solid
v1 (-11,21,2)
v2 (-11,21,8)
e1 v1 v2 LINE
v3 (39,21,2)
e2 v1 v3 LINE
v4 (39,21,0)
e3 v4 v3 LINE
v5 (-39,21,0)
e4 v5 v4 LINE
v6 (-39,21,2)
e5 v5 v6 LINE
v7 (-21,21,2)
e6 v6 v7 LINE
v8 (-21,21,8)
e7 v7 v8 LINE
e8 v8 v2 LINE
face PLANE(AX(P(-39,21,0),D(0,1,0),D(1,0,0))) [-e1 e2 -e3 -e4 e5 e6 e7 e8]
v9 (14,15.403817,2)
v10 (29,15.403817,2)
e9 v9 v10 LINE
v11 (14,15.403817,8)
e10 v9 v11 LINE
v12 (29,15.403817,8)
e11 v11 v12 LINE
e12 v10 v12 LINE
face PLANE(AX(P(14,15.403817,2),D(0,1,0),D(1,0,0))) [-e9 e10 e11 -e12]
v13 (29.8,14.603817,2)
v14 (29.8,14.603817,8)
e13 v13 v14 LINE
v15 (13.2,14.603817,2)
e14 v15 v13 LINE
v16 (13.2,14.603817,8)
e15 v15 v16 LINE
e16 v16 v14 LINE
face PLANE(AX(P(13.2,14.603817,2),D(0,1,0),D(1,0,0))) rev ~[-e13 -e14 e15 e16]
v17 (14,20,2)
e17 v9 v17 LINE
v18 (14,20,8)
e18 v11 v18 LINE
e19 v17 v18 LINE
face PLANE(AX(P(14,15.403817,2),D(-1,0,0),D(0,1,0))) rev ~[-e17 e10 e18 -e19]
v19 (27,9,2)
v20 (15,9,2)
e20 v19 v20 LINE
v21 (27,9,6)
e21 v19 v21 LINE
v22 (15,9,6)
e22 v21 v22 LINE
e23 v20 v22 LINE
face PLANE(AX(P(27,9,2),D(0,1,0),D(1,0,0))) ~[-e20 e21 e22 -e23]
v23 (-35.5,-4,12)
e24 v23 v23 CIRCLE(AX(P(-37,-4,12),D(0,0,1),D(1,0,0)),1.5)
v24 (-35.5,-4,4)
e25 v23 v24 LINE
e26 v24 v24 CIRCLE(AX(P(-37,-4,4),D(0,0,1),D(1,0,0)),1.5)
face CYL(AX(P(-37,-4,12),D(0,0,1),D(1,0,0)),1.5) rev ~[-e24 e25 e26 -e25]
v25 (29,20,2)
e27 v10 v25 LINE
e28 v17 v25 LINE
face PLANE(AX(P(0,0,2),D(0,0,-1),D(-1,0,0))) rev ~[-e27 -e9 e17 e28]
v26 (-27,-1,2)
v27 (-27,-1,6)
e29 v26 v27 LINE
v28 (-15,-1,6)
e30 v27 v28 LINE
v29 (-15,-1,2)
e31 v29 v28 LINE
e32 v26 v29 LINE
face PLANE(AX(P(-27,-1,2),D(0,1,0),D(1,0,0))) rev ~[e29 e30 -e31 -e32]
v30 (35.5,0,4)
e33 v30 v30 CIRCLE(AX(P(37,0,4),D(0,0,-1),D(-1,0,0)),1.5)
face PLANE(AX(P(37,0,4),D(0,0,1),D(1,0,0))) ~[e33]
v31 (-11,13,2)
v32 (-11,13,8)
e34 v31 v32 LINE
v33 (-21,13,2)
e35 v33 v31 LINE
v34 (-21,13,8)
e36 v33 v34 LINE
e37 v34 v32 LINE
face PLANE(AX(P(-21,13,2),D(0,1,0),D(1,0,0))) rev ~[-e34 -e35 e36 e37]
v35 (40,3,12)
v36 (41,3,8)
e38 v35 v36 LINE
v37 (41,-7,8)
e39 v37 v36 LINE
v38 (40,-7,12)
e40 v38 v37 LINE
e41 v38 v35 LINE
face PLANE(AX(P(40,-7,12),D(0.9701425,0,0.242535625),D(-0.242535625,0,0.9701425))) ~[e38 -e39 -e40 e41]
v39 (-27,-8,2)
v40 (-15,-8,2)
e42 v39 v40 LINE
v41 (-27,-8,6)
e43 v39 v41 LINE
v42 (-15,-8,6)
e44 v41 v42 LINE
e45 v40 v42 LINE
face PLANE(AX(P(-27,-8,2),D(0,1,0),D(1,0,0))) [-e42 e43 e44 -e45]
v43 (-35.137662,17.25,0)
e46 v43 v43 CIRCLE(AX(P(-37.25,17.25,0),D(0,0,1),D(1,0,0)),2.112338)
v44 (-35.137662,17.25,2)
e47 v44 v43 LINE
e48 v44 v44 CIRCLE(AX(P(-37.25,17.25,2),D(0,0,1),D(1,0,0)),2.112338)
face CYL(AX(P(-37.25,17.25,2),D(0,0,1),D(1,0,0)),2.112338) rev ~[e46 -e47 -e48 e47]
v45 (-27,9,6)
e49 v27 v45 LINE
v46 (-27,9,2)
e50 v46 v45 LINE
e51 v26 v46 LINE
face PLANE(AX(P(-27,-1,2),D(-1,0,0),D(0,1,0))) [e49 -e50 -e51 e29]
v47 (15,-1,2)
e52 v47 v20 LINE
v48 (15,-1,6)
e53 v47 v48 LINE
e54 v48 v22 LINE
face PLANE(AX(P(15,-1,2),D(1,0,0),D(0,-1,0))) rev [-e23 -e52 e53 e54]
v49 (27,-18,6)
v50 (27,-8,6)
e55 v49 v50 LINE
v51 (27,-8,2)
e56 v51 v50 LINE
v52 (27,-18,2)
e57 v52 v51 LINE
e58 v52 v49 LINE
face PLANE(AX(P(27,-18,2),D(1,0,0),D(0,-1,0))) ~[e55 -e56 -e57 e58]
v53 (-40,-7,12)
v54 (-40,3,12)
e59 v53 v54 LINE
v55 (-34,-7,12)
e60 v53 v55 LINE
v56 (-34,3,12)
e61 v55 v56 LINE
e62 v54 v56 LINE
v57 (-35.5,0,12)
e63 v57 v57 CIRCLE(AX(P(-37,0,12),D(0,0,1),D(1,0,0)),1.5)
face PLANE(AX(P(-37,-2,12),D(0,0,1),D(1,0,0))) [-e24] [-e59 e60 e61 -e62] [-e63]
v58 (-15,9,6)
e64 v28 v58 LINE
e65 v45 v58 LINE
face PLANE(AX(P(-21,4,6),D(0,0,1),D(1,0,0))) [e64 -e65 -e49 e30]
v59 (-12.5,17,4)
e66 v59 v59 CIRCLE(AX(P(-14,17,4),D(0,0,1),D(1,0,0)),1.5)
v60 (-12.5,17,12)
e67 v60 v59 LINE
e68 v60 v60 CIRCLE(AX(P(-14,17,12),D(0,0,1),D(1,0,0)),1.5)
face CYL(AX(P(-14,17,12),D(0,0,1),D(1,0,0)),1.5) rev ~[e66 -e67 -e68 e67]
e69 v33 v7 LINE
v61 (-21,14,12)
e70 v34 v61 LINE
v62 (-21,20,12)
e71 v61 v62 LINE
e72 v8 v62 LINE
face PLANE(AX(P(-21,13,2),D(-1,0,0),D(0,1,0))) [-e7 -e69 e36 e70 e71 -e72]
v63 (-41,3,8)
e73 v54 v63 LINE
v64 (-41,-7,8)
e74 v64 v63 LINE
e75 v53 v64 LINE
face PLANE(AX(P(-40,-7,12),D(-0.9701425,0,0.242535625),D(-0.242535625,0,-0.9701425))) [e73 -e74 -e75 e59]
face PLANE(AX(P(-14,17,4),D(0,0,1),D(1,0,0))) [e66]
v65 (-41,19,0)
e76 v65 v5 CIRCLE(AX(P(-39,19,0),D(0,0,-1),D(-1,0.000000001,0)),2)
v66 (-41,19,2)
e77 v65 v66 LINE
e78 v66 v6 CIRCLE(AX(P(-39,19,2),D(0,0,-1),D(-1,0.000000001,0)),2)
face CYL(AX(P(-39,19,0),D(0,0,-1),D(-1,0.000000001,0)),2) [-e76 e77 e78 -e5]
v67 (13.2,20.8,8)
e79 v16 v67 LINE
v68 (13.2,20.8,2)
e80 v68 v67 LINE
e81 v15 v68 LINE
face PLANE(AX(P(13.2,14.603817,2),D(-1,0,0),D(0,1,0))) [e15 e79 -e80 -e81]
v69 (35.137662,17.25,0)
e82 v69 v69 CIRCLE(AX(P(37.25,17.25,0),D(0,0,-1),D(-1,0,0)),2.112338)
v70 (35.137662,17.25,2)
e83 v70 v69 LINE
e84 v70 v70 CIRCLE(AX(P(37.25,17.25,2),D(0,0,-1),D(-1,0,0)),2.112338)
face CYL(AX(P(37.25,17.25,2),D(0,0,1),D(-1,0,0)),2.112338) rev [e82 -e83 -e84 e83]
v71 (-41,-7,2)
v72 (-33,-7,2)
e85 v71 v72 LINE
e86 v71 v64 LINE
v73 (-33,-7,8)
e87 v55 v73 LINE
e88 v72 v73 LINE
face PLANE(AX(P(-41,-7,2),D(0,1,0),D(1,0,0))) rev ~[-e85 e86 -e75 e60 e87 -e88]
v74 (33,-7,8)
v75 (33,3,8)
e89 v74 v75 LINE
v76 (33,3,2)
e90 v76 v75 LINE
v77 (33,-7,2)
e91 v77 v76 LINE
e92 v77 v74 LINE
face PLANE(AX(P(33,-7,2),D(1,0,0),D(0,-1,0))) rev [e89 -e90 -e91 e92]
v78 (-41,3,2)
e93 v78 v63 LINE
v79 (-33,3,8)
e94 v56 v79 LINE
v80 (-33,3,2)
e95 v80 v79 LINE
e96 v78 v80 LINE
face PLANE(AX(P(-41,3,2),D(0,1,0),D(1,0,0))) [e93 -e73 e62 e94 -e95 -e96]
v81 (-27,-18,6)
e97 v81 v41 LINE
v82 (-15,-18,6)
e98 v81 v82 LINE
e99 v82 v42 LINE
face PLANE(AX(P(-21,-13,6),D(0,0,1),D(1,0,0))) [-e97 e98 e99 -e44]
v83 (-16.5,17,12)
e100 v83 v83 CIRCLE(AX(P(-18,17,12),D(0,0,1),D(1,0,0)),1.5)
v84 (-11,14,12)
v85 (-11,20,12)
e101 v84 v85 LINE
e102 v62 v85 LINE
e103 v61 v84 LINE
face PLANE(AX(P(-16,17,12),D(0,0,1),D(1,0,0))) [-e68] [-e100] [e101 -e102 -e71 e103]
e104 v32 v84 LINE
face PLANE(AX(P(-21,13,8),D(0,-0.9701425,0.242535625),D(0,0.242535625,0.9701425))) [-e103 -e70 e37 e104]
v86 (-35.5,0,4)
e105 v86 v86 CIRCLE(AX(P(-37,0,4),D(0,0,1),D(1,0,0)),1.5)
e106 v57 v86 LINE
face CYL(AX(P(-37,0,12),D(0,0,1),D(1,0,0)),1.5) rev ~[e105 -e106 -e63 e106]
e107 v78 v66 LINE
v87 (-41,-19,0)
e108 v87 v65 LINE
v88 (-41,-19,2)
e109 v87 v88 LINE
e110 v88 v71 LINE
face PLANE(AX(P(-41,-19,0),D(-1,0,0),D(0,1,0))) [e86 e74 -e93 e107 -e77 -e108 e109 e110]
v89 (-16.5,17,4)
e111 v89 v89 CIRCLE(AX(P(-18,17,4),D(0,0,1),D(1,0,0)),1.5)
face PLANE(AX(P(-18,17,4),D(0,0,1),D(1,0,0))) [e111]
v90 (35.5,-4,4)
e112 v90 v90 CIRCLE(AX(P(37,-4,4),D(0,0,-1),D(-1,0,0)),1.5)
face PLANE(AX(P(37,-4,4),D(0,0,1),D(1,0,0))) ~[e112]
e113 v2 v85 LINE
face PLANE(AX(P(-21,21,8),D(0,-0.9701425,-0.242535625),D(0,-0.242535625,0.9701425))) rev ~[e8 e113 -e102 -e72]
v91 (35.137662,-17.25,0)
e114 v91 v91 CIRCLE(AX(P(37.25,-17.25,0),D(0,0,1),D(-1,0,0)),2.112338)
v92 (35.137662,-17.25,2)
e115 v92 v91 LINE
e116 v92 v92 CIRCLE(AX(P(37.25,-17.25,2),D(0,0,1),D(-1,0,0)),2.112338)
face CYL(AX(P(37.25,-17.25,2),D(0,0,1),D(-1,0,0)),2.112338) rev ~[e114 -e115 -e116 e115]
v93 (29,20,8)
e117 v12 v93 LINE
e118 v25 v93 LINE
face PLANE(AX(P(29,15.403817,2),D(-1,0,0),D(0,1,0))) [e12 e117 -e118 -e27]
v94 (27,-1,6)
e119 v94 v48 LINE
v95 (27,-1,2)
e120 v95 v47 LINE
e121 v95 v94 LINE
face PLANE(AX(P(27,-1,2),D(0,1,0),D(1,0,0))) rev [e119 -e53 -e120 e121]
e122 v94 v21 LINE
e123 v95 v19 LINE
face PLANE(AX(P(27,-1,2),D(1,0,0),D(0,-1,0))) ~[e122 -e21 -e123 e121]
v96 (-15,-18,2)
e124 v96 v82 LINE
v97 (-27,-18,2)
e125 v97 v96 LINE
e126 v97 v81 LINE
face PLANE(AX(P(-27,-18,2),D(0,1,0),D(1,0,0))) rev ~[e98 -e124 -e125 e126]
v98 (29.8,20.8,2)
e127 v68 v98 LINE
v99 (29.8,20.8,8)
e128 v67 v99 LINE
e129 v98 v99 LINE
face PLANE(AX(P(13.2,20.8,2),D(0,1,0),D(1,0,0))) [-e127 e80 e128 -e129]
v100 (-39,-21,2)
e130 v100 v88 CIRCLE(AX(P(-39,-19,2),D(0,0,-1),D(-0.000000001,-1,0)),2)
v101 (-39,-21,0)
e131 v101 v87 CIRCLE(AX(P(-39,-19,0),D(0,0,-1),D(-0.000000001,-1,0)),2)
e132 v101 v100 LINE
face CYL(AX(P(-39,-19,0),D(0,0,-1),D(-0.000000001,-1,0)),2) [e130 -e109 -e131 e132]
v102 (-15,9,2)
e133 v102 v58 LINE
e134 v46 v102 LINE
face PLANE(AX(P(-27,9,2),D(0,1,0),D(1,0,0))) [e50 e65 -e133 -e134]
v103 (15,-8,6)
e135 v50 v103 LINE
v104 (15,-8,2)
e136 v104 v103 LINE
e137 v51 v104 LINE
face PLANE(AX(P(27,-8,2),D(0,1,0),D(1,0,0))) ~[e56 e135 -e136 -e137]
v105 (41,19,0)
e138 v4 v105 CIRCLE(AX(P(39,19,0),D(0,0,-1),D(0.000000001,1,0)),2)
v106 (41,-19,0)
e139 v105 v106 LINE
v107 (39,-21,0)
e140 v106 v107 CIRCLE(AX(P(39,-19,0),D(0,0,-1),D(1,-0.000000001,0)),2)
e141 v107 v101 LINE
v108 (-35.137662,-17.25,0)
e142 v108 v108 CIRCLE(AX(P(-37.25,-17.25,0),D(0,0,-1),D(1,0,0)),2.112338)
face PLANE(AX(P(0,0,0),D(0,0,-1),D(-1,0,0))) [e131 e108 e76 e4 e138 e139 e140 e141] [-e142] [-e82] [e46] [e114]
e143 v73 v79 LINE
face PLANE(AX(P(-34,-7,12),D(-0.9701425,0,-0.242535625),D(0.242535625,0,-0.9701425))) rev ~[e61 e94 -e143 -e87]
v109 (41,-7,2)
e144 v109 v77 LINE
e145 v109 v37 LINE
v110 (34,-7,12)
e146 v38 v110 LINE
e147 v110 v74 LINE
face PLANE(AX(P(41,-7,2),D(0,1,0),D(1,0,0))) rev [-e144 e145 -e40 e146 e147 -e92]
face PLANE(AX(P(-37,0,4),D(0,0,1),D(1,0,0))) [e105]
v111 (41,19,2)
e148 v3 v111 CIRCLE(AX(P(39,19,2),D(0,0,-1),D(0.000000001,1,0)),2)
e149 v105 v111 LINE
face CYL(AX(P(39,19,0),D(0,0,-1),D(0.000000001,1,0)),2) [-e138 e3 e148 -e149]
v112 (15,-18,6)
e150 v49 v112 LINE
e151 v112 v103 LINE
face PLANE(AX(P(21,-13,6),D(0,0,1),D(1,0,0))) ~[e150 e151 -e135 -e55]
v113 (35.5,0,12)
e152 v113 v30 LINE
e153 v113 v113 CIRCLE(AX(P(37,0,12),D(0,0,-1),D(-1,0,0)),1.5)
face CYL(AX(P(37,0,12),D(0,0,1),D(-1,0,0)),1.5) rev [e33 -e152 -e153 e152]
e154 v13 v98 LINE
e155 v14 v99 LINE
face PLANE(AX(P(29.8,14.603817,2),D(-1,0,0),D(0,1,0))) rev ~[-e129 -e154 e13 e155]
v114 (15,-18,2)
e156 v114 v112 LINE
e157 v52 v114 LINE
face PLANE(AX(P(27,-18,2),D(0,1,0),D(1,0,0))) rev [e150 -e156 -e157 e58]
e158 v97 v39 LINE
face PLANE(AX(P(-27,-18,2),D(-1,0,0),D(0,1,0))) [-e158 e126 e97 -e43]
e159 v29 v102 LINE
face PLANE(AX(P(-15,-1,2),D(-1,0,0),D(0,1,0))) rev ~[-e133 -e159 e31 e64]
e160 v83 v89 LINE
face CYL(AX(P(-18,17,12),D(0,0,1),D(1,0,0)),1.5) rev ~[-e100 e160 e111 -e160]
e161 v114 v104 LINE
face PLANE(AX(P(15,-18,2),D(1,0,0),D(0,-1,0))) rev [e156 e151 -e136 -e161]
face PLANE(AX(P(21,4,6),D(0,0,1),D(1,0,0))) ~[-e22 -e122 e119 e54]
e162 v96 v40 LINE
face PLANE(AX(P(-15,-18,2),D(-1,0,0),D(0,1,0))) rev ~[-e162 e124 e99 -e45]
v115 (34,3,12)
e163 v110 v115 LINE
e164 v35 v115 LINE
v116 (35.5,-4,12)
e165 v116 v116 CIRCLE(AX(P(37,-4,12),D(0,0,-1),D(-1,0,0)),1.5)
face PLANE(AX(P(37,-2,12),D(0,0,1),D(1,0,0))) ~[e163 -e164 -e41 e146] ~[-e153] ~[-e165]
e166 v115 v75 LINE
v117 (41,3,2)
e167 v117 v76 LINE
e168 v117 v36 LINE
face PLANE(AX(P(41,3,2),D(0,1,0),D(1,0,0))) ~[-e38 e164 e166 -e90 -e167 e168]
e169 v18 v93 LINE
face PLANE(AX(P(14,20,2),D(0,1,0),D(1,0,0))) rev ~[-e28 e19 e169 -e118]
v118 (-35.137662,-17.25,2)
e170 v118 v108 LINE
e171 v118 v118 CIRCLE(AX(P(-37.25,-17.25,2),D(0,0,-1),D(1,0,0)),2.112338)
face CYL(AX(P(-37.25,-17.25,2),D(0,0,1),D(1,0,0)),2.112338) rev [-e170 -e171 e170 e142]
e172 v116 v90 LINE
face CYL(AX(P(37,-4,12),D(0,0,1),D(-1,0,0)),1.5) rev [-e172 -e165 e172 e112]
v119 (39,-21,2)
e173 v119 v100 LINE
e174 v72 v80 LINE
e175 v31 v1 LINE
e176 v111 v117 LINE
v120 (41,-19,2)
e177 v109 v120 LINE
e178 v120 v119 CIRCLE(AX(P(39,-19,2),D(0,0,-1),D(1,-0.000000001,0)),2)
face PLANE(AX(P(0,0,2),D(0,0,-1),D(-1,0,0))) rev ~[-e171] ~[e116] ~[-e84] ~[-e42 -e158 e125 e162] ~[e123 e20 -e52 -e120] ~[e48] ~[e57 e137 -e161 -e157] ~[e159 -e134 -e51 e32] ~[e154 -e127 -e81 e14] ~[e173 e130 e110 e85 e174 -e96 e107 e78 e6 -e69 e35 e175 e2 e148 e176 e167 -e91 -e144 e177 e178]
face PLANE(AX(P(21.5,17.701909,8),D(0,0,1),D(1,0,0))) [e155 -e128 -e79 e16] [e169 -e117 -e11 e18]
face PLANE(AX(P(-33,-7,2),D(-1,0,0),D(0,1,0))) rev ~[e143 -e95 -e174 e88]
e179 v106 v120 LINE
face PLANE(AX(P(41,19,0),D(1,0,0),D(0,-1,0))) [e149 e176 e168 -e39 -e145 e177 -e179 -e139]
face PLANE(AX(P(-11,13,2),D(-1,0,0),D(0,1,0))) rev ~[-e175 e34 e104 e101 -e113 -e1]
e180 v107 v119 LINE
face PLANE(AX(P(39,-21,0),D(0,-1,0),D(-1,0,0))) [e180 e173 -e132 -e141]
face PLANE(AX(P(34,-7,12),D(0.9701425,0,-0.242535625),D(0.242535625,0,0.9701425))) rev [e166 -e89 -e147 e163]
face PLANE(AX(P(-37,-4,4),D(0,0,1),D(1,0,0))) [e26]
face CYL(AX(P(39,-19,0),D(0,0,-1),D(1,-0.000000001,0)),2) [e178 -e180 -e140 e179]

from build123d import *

# Parameters (mm, degrees)
EXTRUDE_1_DEPTH          = 2
SKETCH_2_R               = 2.112337694
CUT_EXTRUDE_1_DEPTH      = 2
MIRROR_2_COPY_1_SKETCH_R = 2.112337694
MIRROR_2_COPY_1_DEPTH    = 2
SKETCH_3_W               = 8
SKETCH_3_H               = 10
EXTRUDE_2_DEPTH          = 10
CUT_EXTRUDE_2_DEPTH      = 10
SKETCH_5_R               = 1.5
CUT_EXTRUDE_3_DEPTH      = 8
SKETCH_6_W               = 10
SKETCH_6_H               = 8
EXTRUDE_3_DEPTH          = 10
CUT_EXTRUDE_4_DEPTH      = 10
SKETCH_8_R               = 1.5
CUT_EXTRUDE_5_DEPTH      = 8
SKETCH_9_W               = 16.6
SKETCH_9_H               = 6.196182774
SKETCH_9_W_2             = 15
SKETCH_9_H_2             = 4.596182774
EXTRUDE_1_2_DEPTH        = 6
SKETCH_10_W              = 12
SKETCH_10_H              = 10
EXTRUDE_4_DEPTH          = 4
SKETCH_12_W              = 12
SKETCH_12_H              = 10
EXTRUDE_5_DEPTH          = 4


with BuildPart() as part:
    # 草图1 → Extrude 1 (new body)
    with BuildSketch(Plane.XY):
        with BuildLine():
            Line((-39, 21), (39, 21))
            ThreePointArc((39, 21), (40.414213562, 20.414213562), (41, 19))
            Line((41, 19), (41, -19))
            ThreePointArc((41, -19), (40.414213562, -20.414213562), (39, -21))
            Line((39, -21), (-39, -21))
            ThreePointArc((-39, -21), (-40.414213562, -20.414213562), (-41, -19))
            Line((-41, -19), (-41, 19))
            ThreePointArc((-41, 19), (-40.414213562, 20.414213562), (-39, 21))
        make_face()
    extrude(amount=EXTRUDE_1_DEPTH)

    # 草图2 → 切除-拉伸1 (cut)
    with BuildSketch(Plane.XY.offset(2)):
        with Locations((-37.25, 17.25)):
            Circle(SKETCH_2_R)
    cut_extrude_1 = extrude(amount=-CUT_EXTRUDE_1_DEPTH, mode=Mode.SUBTRACT)

    # 镜向1: 切除-拉伸1 across plane
    add(cut_extrude_1.mirror(Plane.ZX), mode=Mode.SUBTRACT)

    # 镜向2: 切除-拉伸1 across plane
    add(cut_extrude_1.mirror(Plane(origin=(0, 0, 0), x_dir=(0, 0, 1), z_dir=(1, 0, 0))), mode=Mode.SUBTRACT)

    # 镜向2 copy 1 sketch → 镜向2 copy 1 (cut)
    with BuildSketch(Plane(origin=(0, 0, 2), x_dir=(-1, 0, 0), z_dir=(0, 0, 1))):
        with Locations((-37.25, 17.25)):
            Circle(MIRROR_2_COPY_1_SKETCH_R)
    extrude(amount=-MIRROR_2_COPY_1_DEPTH, mode=Mode.SUBTRACT)

    # 草图3 → 凸台-拉伸2 (add)
    with BuildSketch(Plane.XY.offset(2)):
        with Locations((-37, -2)):
            Rectangle(SKETCH_3_W, SKETCH_3_H)
    extrude_2 = extrude(amount=EXTRUDE_2_DEPTH)

    # 草图4 → 切除-拉伸2 (cut)
    with BuildSketch(Plane.XZ.offset(7)):
        Polygon((-40, 12), (-41, 8), (-41, 12), align=None)
        Polygon((-33, 12), (-34, 12), (-33, 8), align=None)
    cut_extrude_2 = extrude(amount=-CUT_EXTRUDE_2_DEPTH, mode=Mode.SUBTRACT)

    # 草图5 → 切除-拉伸3 (cut)
    with BuildSketch(Plane.XY.offset(12)):
        with Locations((-37, 0)):
            Circle(SKETCH_5_R)
        with Locations((-37, -4)):
            Circle(SKETCH_5_R)
    cut_extrude_3 = extrude(amount=-CUT_EXTRUDE_3_DEPTH, mode=Mode.SUBTRACT)

    # 镜向3: 凸台-拉伸2, 切除-拉伸2, 切除-拉伸3 across plane
    add(extrude_2.mirror(Plane(origin=(0, 0, 0), x_dir=(0, 0, 1), z_dir=(1, 0, 0))))
    add(cut_extrude_2.mirror(Plane(origin=(0, 0, 0), x_dir=(0, 0, 1), z_dir=(1, 0, 0))), mode=Mode.SUBTRACT)
    add(cut_extrude_3.mirror(Plane(origin=(0, 0, 0), x_dir=(0, 0, 1), z_dir=(1, 0, 0))), mode=Mode.SUBTRACT)

    # 草图6 → 凸台-拉伸3 (add)
    with BuildSketch(Plane.XY.offset(2)):
        with Locations((-16, 17)):
            Rectangle(SKETCH_6_W, SKETCH_6_H)
    extrude(amount=EXTRUDE_3_DEPTH)

    # 草图7 → 切除-拉伸4 (cut)
    with BuildSketch(Plane.ZY.offset(21)):
        Polygon((8, 21), (12, 20), (12, 21), align=None)
        Polygon((12, 13), (8, 13), (12, 14), align=None)
    extrude(amount=-CUT_EXTRUDE_4_DEPTH, mode=Mode.SUBTRACT)

    # 草图8 → 切除-拉伸5 (cut)
    with BuildSketch(Plane.XY.offset(12)):
        with Locations((-14, 17)):
            Circle(SKETCH_8_R)
        with Locations((-18, 17)):
            Circle(SKETCH_8_R)
    extrude(amount=-CUT_EXTRUDE_5_DEPTH, mode=Mode.SUBTRACT)

    # 草图9 → Extrude 1 2 (add)
    with BuildSketch(Plane.XY.offset(2)):
        with Locations((21.5, 17.701908613)):
            Rectangle(SKETCH_9_W, SKETCH_9_H)
        with Locations((21.5, 17.701908613)):
            Rectangle(SKETCH_9_W_2, SKETCH_9_H_2, mode=Mode.SUBTRACT)
    extrude(amount=EXTRUDE_1_2_DEPTH)

    # 草图10 → 凸台-拉伸4 (add)
    with BuildSketch(Plane.XY.offset(2)):
        with Locations((-21, 4)):
            Rectangle(SKETCH_10_W, SKETCH_10_H)
    extrude_4 = extrude(amount=EXTRUDE_4_DEPTH)

    # 草图12 → 凸台-拉伸5 (add)
    with BuildSketch(Plane.XY.offset(2)):
        with Locations((-21, -13)):
            Rectangle(SKETCH_12_W, SKETCH_12_H)
    extrude_5 = extrude(amount=EXTRUDE_5_DEPTH)

    # 镜向4: 凸台-拉伸4, 凸台-拉伸5 across plane
    add(extrude_4.mirror(Plane(origin=(0, 0, 0), x_dir=(0, 0, 1), z_dir=(1, 0, 0))))
    add(extrude_5.mirror(Plane(origin=(0, 0, 0), x_dir=(0, 0, 1), z_dir=(1, 0, 0))))


solid = part.part
